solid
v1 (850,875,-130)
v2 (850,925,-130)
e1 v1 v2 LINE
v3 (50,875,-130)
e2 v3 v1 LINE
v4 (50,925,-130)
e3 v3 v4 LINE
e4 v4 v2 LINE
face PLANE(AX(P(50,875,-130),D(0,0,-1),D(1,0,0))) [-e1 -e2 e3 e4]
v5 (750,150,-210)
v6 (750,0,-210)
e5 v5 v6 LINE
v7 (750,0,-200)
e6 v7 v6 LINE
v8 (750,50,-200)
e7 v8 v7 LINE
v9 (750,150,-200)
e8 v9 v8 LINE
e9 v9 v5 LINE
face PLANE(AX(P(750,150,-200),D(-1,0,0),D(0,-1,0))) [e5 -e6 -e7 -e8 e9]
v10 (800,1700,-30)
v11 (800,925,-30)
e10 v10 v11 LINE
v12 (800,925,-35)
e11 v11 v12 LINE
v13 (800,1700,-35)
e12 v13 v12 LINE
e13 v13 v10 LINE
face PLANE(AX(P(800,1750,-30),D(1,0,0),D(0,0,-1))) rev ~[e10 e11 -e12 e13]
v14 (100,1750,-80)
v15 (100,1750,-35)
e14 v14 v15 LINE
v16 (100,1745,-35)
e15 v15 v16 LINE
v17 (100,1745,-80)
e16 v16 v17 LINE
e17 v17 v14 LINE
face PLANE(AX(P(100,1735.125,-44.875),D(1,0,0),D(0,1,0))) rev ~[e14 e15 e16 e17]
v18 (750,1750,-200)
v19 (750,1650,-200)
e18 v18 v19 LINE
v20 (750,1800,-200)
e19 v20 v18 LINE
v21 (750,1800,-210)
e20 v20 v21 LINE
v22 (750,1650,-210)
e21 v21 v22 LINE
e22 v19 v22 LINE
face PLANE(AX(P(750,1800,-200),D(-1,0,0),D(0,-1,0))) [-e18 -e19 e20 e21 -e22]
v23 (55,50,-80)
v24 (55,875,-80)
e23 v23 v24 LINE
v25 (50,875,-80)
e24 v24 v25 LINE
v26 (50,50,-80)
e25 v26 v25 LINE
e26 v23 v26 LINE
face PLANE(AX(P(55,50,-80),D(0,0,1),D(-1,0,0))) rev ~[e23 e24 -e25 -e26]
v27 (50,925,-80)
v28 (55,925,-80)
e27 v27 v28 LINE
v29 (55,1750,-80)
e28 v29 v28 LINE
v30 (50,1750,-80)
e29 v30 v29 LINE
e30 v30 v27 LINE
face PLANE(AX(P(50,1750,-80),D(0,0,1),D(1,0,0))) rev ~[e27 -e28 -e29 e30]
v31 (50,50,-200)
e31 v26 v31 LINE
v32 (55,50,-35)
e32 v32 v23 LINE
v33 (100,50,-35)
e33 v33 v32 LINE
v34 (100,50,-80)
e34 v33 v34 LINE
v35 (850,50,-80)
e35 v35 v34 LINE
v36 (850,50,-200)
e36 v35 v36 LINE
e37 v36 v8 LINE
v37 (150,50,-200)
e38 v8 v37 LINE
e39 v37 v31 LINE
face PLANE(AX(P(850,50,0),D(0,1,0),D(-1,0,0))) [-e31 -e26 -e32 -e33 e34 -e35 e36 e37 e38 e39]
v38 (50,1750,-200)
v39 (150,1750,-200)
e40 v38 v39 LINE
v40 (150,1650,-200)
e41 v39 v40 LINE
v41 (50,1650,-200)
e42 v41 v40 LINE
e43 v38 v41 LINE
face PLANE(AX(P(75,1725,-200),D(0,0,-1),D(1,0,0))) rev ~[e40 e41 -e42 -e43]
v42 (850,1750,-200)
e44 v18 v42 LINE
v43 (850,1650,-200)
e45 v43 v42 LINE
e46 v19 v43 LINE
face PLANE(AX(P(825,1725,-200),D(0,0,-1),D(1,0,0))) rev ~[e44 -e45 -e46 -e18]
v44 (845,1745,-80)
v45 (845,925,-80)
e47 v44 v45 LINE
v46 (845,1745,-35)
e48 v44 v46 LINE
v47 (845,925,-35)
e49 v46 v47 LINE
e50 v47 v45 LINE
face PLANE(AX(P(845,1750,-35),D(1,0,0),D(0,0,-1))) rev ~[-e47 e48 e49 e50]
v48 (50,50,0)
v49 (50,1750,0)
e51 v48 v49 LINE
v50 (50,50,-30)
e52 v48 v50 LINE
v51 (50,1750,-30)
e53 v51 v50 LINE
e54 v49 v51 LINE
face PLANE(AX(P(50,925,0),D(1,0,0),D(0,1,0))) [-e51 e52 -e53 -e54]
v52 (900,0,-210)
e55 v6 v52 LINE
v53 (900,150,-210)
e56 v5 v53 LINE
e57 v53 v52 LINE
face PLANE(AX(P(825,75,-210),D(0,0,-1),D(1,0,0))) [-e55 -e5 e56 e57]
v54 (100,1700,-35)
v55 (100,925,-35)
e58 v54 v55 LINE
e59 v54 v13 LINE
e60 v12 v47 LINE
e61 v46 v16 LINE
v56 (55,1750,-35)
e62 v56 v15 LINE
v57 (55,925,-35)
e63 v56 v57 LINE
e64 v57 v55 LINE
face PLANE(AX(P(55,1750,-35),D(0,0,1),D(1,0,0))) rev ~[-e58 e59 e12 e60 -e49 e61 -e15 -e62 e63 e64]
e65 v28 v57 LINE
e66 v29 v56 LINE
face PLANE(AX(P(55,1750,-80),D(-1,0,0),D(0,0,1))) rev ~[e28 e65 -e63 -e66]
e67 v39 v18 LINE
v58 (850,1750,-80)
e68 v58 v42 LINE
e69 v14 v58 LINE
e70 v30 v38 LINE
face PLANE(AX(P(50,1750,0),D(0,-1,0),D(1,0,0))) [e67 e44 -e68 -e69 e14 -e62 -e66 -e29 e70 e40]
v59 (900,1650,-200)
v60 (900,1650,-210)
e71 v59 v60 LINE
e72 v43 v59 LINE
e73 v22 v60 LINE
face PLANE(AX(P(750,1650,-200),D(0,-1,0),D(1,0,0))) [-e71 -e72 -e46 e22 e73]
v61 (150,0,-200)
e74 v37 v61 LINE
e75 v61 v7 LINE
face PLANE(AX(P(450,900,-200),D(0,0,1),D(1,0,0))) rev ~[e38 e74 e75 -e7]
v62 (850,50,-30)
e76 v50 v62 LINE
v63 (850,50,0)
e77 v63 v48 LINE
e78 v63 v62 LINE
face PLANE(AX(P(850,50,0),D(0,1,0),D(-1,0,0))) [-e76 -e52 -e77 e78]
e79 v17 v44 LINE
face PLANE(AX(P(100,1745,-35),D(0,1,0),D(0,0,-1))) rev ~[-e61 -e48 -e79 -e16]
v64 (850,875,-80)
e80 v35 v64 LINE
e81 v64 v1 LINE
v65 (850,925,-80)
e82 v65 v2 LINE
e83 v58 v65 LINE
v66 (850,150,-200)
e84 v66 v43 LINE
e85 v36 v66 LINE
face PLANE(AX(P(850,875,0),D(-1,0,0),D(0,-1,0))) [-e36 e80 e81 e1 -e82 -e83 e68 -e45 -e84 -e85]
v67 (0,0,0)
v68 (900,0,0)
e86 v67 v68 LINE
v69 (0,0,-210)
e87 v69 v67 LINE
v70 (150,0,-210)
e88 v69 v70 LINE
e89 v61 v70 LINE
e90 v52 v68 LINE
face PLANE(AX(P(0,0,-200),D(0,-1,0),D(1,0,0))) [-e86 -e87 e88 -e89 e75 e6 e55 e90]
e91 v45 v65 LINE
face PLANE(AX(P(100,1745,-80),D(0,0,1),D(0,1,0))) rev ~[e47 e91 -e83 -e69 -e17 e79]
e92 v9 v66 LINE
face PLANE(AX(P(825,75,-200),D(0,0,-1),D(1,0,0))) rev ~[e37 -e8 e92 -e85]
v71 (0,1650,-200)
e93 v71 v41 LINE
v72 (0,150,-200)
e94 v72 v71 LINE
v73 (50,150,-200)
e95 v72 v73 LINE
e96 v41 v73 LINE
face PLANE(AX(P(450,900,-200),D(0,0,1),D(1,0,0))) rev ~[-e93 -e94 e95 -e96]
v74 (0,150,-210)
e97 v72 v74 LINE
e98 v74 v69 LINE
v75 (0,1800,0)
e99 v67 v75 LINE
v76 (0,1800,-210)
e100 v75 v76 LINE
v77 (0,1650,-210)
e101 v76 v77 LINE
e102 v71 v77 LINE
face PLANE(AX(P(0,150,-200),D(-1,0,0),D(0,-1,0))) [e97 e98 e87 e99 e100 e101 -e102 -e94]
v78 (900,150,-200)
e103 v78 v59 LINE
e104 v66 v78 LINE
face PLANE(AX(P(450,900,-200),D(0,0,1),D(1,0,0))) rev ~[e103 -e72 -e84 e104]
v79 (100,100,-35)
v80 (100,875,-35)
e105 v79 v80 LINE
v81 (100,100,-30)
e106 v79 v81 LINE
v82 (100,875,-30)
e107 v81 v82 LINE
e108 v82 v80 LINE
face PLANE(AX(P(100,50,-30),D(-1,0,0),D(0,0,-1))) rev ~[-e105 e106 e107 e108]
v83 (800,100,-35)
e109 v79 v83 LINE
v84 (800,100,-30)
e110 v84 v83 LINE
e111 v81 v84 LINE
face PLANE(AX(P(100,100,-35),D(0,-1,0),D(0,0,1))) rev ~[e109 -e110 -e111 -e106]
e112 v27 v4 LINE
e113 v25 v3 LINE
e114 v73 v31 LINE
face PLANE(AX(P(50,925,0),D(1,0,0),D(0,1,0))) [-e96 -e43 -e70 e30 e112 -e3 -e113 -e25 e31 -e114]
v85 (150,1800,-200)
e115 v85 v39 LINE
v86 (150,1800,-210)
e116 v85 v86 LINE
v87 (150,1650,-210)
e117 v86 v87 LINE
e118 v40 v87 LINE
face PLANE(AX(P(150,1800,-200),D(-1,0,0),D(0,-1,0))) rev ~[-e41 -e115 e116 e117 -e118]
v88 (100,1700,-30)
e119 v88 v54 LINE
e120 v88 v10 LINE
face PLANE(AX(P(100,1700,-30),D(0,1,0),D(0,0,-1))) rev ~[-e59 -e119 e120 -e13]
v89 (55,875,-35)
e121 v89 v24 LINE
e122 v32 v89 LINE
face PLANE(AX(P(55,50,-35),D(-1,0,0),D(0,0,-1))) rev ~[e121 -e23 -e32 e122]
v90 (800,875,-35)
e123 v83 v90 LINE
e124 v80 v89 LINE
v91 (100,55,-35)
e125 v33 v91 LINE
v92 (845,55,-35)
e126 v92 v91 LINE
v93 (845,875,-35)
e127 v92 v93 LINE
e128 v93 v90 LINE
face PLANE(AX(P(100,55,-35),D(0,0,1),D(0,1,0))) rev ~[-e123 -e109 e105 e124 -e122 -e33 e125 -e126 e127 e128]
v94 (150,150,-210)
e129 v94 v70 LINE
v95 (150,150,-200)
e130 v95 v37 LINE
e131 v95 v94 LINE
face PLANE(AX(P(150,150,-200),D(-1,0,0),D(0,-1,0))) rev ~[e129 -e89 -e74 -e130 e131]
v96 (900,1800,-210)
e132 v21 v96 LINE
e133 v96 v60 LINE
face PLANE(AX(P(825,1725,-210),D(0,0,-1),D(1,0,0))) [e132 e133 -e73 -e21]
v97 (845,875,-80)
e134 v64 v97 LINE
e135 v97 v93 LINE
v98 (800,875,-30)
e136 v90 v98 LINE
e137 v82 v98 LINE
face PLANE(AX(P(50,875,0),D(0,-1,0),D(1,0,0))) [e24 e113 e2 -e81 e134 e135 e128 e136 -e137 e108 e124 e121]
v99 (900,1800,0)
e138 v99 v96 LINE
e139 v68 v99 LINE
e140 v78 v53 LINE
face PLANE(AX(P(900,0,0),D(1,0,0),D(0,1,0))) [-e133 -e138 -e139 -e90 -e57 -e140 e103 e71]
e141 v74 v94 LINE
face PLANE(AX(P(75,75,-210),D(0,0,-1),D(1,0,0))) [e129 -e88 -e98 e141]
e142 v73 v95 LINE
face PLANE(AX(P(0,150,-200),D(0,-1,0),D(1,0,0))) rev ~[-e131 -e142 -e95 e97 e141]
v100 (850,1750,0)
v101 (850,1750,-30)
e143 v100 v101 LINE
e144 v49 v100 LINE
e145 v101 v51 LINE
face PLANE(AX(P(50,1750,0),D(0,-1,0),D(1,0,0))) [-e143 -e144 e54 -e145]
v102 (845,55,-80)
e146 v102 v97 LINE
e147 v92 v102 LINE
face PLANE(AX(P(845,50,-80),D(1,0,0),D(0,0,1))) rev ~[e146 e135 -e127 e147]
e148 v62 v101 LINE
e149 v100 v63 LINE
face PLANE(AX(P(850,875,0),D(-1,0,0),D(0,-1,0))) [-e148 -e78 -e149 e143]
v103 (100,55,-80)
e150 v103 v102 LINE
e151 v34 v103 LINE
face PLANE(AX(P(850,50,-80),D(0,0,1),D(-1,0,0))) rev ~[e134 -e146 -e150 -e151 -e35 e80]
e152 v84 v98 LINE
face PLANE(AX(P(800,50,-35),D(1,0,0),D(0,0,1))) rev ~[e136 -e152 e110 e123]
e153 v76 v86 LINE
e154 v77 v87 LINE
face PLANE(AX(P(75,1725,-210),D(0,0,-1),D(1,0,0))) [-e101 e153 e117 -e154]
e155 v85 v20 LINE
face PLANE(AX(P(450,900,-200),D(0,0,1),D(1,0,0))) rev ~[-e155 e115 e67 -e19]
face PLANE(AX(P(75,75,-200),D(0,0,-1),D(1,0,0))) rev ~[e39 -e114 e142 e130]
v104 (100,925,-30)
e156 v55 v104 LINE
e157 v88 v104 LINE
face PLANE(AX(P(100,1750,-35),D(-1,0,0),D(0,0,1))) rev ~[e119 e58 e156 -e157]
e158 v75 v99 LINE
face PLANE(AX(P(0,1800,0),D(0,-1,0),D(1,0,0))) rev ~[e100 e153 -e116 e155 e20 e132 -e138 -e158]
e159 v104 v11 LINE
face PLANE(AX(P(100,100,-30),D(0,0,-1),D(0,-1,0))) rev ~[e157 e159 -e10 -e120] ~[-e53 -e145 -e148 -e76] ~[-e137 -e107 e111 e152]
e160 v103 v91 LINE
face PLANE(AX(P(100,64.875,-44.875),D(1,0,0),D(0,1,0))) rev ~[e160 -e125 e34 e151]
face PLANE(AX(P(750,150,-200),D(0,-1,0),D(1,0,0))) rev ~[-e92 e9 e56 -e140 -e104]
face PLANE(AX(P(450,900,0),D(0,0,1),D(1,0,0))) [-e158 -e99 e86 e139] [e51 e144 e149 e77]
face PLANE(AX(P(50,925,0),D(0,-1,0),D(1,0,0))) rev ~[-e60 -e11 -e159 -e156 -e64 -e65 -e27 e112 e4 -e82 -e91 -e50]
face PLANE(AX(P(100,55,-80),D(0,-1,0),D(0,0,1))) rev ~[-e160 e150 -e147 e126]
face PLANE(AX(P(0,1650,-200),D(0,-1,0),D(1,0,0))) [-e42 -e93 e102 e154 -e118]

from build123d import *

# Parameters (mm, degrees)
F0_W      = 900
F0_H      = 1800
F0_W_2    = 800
F0_H_2    = 50
F1_DEPTH  = 200
F2_W      = 800
F2_H      = 30
F3_DEPTH  = 50
F4_W      = 800
F4_H      = 70
F5_DEPTH  = 50
F6_W      = 150
F6_H      = 150
F7_DEPTH  = 10
F9_DEPTH  = 825
F11_DEPTH = 825


with BuildPart() as f1:
    # F0 (on Top) → F1 (new body)
    with BuildSketch(Plane.XY):
        with Locations((450, 900)):
            Rectangle(F0_W, F0_H)
        Polygon((850, 50), (50, 50), (50, 875), (50, 925), (50, 1750), (850, 1750), (850, 925), (850, 875), align=None, mode=Mode.SUBTRACT)
        with Locations((450, 900)):
            Rectangle(F0_W_2, F0_H_2)
    extrude(amount=-F1_DEPTH)

    # F2 (on face) → F3 (cut, through all)
    with BuildSketch(Plane.XZ.offset(-875)):
        with Locations((450, -15)):
            Rectangle(F2_W, F2_H)
    extrude(amount=-F3_DEPTH, mode=Mode.SUBTRACT)

    # F4 (on face) → F5 (cut, through all)
    with BuildSketch(Plane.XZ.offset(-875)):
        with Locations((450, -165)):
            Rectangle(F4_W, F4_H)
    extrude(amount=-F5_DEPTH, mode=Mode.SUBTRACT)

    # F6 (on face) → F7 (join)
    with BuildSketch(Plane(origin=(0, 0, -200), x_dir=(1, 0, 0), z_dir=(0, 0, -1))):
        with Locations((75, -75)):
            Rectangle(F6_W, F6_H)
        with Locations((825, -75)):
            Rectangle(F6_W, F6_H)
        with Locations((75, -1725)):
            Rectangle(F6_W, F6_H)
        with Locations((825, -1725)):
            Rectangle(F6_W, F6_H)
    extrude(amount=F7_DEPTH)

    # F8 (on face) → F9 (join, through all)
    with BuildSketch(Plane.XZ.offset(-1750)):
        Polygon((100, -30), (50, -30), (50, -80), (55, -80), (55, -35), (100, -35), align=None)
        Polygon((845, -35), (845, -80), (850, -80), (850, -30), (800, -30), (800, -35), align=None)
    extrude(amount=F9_DEPTH)

    # F10 (on face) → F11 (join, through all)
    with BuildSketch(Plane(origin=(0, 50, 0), x_dir=(-1, 0, 0), z_dir=(0, 1, 0))):
        Polygon((-800, -30), (-850, -30), (-850, -80), (-845, -80), (-845, -35), (-800, -35), align=None)
        Polygon((-55, -35), (-55, -80), (-50, -80), (-50, -30), (-100, -30), (-100, -35), align=None)
    extrude(amount=F11_DEPTH)

    # F12 (on face) → F13 (join, up to the next surface of F1)
    with BuildSketch(Plane.YZ.offset(100)):
        Polygon((100, -30), (50, -30), (50, -80), (55, -80), (55, -35), (100, -35), align=None)
    extrude(until=Until.NEXT)

    # F14 (on face) → F15 (join, up to the next surface of F1)
    with BuildSketch(Plane.YZ.offset(100)):
        Polygon((1750, -80), (1750, -30), (1700, -30), (1700, -35), (1745, -35), (1745, -80), align=None)
    extrude(until=Until.NEXT)


solid = f1.part
